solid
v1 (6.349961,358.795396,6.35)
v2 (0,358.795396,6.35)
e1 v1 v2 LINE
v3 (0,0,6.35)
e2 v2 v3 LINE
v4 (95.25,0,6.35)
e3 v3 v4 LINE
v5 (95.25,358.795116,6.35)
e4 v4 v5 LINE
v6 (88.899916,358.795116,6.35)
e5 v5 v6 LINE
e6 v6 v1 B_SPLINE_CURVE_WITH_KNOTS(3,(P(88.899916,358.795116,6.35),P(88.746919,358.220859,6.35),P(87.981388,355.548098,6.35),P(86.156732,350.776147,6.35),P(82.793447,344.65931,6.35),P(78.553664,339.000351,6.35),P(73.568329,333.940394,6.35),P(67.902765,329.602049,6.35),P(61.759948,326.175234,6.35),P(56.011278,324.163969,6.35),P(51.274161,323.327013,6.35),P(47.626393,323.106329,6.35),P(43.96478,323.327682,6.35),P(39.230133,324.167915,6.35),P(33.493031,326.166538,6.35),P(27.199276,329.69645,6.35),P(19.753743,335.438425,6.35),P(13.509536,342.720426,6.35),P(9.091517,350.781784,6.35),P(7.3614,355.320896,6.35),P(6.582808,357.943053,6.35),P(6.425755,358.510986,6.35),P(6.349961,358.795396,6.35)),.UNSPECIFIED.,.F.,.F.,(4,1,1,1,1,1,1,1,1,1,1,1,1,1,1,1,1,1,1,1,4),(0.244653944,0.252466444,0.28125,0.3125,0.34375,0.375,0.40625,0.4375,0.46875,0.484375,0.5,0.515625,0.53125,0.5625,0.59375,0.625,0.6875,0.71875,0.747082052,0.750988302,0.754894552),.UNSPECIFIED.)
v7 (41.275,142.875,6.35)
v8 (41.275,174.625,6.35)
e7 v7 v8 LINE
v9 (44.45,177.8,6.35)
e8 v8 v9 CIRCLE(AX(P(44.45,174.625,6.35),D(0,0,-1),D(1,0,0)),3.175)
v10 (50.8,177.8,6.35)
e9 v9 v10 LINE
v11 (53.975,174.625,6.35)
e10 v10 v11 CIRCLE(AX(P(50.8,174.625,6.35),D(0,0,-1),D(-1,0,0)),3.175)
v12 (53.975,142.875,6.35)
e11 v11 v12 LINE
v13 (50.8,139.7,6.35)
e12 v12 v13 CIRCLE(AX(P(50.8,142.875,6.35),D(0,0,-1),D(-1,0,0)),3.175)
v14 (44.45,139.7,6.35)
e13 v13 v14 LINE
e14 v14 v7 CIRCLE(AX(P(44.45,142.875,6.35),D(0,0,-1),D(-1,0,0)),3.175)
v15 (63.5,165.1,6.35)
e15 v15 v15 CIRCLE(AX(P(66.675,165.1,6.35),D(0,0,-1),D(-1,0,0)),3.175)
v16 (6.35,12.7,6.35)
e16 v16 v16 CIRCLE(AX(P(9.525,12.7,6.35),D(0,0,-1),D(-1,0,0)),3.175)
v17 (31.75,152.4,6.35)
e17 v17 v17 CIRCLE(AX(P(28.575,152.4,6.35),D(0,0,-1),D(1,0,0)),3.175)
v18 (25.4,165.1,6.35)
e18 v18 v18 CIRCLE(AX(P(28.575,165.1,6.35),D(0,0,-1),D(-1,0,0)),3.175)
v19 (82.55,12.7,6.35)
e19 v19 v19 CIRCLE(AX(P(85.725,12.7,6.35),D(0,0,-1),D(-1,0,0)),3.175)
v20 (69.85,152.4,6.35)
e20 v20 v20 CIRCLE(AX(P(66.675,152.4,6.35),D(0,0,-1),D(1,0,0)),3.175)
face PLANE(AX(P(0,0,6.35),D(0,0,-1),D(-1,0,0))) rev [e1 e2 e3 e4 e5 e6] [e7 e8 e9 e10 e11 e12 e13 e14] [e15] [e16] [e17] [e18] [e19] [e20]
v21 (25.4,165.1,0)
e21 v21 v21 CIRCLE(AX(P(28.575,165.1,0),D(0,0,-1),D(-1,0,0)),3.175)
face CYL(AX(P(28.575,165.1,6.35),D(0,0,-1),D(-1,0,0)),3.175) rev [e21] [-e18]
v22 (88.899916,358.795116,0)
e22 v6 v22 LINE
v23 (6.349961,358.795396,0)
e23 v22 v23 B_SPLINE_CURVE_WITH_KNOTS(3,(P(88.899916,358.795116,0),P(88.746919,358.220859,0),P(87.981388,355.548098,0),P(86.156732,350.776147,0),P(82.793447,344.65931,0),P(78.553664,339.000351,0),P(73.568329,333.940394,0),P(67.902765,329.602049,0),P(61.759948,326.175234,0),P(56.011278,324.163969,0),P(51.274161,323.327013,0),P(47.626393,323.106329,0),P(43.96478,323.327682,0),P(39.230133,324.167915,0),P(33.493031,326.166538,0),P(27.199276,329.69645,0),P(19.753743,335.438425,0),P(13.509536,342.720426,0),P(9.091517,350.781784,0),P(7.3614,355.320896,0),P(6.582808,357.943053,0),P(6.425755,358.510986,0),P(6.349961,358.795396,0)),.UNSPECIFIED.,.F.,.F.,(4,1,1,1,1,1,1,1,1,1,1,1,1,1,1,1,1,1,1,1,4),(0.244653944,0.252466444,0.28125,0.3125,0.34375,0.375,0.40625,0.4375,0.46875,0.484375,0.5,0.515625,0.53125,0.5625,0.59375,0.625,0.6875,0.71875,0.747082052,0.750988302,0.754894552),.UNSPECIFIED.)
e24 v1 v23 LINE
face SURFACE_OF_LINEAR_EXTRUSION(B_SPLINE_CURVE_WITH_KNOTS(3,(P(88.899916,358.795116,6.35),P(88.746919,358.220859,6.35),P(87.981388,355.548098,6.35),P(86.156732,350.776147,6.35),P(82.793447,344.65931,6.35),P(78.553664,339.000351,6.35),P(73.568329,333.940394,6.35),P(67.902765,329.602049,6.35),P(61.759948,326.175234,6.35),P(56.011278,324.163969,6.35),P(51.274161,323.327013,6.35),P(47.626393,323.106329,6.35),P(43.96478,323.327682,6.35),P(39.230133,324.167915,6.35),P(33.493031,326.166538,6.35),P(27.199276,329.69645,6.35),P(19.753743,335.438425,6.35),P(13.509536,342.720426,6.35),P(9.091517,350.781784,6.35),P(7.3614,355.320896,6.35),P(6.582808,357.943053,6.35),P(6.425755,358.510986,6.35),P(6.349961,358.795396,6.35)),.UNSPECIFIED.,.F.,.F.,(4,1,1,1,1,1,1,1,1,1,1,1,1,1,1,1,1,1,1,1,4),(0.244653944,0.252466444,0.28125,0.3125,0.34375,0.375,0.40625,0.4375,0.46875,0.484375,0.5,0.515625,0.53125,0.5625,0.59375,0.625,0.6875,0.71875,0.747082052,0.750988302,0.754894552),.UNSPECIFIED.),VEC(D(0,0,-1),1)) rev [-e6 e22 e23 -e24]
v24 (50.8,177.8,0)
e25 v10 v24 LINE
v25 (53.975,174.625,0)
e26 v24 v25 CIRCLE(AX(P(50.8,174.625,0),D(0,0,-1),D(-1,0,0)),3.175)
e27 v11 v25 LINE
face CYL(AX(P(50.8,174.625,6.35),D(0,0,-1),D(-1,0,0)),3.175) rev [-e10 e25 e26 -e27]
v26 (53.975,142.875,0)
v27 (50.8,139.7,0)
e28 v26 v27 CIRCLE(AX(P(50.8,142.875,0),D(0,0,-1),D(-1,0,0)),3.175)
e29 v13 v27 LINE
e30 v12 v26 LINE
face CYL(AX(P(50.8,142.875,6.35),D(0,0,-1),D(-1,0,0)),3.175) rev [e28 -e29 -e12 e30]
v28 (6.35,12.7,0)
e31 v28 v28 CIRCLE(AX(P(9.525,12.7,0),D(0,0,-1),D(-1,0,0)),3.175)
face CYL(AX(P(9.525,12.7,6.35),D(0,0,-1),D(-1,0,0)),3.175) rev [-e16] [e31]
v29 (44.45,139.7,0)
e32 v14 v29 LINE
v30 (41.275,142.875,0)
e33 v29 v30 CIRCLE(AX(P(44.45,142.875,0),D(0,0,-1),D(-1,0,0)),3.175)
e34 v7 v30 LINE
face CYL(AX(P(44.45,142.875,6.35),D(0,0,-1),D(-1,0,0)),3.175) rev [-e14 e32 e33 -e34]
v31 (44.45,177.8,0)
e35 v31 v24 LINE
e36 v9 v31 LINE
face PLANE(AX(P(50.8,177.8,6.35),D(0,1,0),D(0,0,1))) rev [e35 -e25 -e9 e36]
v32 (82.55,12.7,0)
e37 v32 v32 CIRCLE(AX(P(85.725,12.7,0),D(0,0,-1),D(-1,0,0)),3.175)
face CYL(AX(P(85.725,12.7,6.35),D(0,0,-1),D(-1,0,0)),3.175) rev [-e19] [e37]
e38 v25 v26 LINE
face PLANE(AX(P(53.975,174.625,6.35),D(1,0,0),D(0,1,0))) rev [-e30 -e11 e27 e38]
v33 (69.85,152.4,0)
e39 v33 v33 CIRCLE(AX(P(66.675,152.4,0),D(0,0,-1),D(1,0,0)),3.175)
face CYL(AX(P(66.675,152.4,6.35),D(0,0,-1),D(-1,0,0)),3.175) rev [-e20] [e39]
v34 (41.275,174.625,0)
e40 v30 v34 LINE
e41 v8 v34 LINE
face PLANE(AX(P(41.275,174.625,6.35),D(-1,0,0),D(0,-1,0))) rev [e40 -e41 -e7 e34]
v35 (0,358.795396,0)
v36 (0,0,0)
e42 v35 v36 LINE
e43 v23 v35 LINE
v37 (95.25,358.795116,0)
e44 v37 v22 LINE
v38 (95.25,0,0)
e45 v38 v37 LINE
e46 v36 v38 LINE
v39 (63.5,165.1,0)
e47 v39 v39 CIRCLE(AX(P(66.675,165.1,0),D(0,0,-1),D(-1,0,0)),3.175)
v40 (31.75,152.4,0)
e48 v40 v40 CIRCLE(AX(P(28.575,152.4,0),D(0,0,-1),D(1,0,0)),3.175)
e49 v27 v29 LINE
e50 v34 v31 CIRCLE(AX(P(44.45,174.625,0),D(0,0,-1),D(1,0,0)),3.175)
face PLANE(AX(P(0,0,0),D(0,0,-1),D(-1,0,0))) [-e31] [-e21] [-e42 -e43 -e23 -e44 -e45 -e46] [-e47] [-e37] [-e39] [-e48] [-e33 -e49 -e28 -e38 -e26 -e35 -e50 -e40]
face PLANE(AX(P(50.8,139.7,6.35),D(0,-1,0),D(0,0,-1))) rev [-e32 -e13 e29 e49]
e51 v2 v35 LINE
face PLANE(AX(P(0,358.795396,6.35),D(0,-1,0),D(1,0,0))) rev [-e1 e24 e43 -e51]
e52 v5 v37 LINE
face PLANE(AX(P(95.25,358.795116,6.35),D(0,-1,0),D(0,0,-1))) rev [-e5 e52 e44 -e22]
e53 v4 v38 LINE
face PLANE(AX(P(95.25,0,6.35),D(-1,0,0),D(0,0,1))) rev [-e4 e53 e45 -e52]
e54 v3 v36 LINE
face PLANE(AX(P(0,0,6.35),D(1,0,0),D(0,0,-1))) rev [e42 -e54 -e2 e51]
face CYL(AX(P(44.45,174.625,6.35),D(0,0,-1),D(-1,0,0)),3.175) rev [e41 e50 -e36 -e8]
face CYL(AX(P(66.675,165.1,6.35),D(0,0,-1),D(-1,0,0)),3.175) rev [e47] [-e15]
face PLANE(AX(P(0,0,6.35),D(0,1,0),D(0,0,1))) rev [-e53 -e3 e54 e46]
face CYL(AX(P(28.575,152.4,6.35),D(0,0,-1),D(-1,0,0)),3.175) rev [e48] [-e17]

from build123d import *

# Parameters (mm, degrees)
SKETCH1_W           = 95.25
SKETCH1_H           = 406.4
BOSS_EXTRUDE1_DEPTH = 6.35
CUT_EXTRUDE1_DEPTH  = 6.35
SKETCH3_R           = 3.175
CUT_EXTRUDE2_DEPTH  = 6.35
SKETCH4_R           = 3.175
CUT_EXTRUDE3_DEPTH  = 7.3500001


with BuildPart() as part:
    # Sketch1 → Boss-Extrude1 (new body)
    with BuildSketch(Plane.XY):
        with Locations((47.625, 203.2)):
            Rectangle(SKETCH1_W, SKETCH1_H)
    extrude(amount=BOSS_EXTRUDE1_DEPTH)

    # Sketch2 → Cut-Extrude1 (cut)
    with BuildSketch(Plane(origin=(0, 0, 0), x_dir=(-1, 0, 0), z_dir=(0, 0, -1))):
        with BuildLine():
            Line((-95.25, 358.795116355), (-88.899916478, 358.795116355))
            add(Edge.make_bspline(
                [(-88.899916478, 358.795116355), (-88.746918957, 358.220859299), (-87.981388016, 355.548098122), (-86.156732479, 350.776147046), (-82.793447186, 344.659309891), (-78.553663698, 339.00035146), (-73.568328984, 333.940394202), (-67.902765315, 329.602048826), (-61.759947665, 326.175234429), (-56.011278232, 324.163968737), (-51.274161129, 323.327012567), (-47.6263932, 323.106329306), (-43.964779676, 323.327682292), (-39.230133038, 324.167914788), (-33.493030626, 326.166537812), (-27.199275842, 329.696450217), (-19.753743135, 335.438425446), (-13.509536081, 342.720425859), (-9.091517456, 350.781784077), (-7.361400097, 355.320896006), (-6.582808256, 357.943053332), (-6.425755246, 358.510985771), (-6.349961226, 358.795396351)],
                knots=[0.244653944, 0.244653944, 0.244653944, 0.244653944, 0.252466444, 0.28125, 0.3125, 0.34375, 0.375, 0.40625, 0.4375, 0.46875, 0.484375, 0.5, 0.515625, 0.53125, 0.5625, 0.59375, 0.625, 0.6875, 0.71875, 0.747082052, 0.750988302, 0.754894552, 0.754894552, 0.754894552, 0.754894552], degree=3))
            Line((-6.349961226, 358.795396351), (0, 358.795396351))
            Line((0, 358.795396351), (0, 406.4))
            Line((0, 406.4), (-95.25, 406.4))
            Line((-95.25, 406.4), (-95.25, 358.795116355))
        make_face()
    extrude(amount=-CUT_EXTRUDE1_DEPTH, mode=Mode.SUBTRACT)

    # Sketch3 → Cut-Extrude2 (cut)
    with BuildSketch(Plane(origin=(0, 0, 0), x_dir=(-1, 0, 0), z_dir=(0, 0, -1))):
        with Locations((-28.575, 165.1)):
            Circle(SKETCH3_R)
        with Locations((-66.675, 165.1)):
            Circle(SKETCH3_R)
        with Locations((-66.675, 152.4)):
            Circle(SKETCH3_R)
        with Locations((-28.575, 152.4)):
            Circle(SKETCH3_R)
        with BuildLine():
            Line((-50.8, 177.8), (-44.45, 177.8))
            ThreePointArc((-44.45, 177.8), (-42.20493597, 176.87006403), (-41.275, 174.625))
            Line((-41.275, 174.625), (-41.275, 142.875))
            ThreePointArc((-41.275, 142.875), (-42.20493597, 140.62993597), (-44.45, 139.7))
            Line((-44.45, 139.7), (-50.8, 139.7))
            ThreePointArc((-50.8, 139.7), (-53.04506403, 140.62993597), (-53.975, 142.875))
            Line((-53.975, 142.875), (-53.975, 174.625))
            ThreePointArc((-53.975, 174.625), (-53.04506403, 176.87006403), (-50.8, 177.8))
        make_face()
    extrude(amount=-CUT_EXTRUDE2_DEPTH, mode=Mode.SUBTRACT)

    # Sketch4 → Cut-Extrude3 (cut, through all)
    with BuildSketch(Plane(origin=(0, 0, 0), x_dir=(-1, 0, 0), z_dir=(0, 0, -1))):
        with Locations((-9.525, 12.7)):
            Circle(SKETCH4_R)
        with Locations((-85.725, 12.7)):
            Circle(SKETCH4_R)
    extrude(amount=-CUT_EXTRUDE3_DEPTH, mode=Mode.SUBTRACT)


solid = part.part
